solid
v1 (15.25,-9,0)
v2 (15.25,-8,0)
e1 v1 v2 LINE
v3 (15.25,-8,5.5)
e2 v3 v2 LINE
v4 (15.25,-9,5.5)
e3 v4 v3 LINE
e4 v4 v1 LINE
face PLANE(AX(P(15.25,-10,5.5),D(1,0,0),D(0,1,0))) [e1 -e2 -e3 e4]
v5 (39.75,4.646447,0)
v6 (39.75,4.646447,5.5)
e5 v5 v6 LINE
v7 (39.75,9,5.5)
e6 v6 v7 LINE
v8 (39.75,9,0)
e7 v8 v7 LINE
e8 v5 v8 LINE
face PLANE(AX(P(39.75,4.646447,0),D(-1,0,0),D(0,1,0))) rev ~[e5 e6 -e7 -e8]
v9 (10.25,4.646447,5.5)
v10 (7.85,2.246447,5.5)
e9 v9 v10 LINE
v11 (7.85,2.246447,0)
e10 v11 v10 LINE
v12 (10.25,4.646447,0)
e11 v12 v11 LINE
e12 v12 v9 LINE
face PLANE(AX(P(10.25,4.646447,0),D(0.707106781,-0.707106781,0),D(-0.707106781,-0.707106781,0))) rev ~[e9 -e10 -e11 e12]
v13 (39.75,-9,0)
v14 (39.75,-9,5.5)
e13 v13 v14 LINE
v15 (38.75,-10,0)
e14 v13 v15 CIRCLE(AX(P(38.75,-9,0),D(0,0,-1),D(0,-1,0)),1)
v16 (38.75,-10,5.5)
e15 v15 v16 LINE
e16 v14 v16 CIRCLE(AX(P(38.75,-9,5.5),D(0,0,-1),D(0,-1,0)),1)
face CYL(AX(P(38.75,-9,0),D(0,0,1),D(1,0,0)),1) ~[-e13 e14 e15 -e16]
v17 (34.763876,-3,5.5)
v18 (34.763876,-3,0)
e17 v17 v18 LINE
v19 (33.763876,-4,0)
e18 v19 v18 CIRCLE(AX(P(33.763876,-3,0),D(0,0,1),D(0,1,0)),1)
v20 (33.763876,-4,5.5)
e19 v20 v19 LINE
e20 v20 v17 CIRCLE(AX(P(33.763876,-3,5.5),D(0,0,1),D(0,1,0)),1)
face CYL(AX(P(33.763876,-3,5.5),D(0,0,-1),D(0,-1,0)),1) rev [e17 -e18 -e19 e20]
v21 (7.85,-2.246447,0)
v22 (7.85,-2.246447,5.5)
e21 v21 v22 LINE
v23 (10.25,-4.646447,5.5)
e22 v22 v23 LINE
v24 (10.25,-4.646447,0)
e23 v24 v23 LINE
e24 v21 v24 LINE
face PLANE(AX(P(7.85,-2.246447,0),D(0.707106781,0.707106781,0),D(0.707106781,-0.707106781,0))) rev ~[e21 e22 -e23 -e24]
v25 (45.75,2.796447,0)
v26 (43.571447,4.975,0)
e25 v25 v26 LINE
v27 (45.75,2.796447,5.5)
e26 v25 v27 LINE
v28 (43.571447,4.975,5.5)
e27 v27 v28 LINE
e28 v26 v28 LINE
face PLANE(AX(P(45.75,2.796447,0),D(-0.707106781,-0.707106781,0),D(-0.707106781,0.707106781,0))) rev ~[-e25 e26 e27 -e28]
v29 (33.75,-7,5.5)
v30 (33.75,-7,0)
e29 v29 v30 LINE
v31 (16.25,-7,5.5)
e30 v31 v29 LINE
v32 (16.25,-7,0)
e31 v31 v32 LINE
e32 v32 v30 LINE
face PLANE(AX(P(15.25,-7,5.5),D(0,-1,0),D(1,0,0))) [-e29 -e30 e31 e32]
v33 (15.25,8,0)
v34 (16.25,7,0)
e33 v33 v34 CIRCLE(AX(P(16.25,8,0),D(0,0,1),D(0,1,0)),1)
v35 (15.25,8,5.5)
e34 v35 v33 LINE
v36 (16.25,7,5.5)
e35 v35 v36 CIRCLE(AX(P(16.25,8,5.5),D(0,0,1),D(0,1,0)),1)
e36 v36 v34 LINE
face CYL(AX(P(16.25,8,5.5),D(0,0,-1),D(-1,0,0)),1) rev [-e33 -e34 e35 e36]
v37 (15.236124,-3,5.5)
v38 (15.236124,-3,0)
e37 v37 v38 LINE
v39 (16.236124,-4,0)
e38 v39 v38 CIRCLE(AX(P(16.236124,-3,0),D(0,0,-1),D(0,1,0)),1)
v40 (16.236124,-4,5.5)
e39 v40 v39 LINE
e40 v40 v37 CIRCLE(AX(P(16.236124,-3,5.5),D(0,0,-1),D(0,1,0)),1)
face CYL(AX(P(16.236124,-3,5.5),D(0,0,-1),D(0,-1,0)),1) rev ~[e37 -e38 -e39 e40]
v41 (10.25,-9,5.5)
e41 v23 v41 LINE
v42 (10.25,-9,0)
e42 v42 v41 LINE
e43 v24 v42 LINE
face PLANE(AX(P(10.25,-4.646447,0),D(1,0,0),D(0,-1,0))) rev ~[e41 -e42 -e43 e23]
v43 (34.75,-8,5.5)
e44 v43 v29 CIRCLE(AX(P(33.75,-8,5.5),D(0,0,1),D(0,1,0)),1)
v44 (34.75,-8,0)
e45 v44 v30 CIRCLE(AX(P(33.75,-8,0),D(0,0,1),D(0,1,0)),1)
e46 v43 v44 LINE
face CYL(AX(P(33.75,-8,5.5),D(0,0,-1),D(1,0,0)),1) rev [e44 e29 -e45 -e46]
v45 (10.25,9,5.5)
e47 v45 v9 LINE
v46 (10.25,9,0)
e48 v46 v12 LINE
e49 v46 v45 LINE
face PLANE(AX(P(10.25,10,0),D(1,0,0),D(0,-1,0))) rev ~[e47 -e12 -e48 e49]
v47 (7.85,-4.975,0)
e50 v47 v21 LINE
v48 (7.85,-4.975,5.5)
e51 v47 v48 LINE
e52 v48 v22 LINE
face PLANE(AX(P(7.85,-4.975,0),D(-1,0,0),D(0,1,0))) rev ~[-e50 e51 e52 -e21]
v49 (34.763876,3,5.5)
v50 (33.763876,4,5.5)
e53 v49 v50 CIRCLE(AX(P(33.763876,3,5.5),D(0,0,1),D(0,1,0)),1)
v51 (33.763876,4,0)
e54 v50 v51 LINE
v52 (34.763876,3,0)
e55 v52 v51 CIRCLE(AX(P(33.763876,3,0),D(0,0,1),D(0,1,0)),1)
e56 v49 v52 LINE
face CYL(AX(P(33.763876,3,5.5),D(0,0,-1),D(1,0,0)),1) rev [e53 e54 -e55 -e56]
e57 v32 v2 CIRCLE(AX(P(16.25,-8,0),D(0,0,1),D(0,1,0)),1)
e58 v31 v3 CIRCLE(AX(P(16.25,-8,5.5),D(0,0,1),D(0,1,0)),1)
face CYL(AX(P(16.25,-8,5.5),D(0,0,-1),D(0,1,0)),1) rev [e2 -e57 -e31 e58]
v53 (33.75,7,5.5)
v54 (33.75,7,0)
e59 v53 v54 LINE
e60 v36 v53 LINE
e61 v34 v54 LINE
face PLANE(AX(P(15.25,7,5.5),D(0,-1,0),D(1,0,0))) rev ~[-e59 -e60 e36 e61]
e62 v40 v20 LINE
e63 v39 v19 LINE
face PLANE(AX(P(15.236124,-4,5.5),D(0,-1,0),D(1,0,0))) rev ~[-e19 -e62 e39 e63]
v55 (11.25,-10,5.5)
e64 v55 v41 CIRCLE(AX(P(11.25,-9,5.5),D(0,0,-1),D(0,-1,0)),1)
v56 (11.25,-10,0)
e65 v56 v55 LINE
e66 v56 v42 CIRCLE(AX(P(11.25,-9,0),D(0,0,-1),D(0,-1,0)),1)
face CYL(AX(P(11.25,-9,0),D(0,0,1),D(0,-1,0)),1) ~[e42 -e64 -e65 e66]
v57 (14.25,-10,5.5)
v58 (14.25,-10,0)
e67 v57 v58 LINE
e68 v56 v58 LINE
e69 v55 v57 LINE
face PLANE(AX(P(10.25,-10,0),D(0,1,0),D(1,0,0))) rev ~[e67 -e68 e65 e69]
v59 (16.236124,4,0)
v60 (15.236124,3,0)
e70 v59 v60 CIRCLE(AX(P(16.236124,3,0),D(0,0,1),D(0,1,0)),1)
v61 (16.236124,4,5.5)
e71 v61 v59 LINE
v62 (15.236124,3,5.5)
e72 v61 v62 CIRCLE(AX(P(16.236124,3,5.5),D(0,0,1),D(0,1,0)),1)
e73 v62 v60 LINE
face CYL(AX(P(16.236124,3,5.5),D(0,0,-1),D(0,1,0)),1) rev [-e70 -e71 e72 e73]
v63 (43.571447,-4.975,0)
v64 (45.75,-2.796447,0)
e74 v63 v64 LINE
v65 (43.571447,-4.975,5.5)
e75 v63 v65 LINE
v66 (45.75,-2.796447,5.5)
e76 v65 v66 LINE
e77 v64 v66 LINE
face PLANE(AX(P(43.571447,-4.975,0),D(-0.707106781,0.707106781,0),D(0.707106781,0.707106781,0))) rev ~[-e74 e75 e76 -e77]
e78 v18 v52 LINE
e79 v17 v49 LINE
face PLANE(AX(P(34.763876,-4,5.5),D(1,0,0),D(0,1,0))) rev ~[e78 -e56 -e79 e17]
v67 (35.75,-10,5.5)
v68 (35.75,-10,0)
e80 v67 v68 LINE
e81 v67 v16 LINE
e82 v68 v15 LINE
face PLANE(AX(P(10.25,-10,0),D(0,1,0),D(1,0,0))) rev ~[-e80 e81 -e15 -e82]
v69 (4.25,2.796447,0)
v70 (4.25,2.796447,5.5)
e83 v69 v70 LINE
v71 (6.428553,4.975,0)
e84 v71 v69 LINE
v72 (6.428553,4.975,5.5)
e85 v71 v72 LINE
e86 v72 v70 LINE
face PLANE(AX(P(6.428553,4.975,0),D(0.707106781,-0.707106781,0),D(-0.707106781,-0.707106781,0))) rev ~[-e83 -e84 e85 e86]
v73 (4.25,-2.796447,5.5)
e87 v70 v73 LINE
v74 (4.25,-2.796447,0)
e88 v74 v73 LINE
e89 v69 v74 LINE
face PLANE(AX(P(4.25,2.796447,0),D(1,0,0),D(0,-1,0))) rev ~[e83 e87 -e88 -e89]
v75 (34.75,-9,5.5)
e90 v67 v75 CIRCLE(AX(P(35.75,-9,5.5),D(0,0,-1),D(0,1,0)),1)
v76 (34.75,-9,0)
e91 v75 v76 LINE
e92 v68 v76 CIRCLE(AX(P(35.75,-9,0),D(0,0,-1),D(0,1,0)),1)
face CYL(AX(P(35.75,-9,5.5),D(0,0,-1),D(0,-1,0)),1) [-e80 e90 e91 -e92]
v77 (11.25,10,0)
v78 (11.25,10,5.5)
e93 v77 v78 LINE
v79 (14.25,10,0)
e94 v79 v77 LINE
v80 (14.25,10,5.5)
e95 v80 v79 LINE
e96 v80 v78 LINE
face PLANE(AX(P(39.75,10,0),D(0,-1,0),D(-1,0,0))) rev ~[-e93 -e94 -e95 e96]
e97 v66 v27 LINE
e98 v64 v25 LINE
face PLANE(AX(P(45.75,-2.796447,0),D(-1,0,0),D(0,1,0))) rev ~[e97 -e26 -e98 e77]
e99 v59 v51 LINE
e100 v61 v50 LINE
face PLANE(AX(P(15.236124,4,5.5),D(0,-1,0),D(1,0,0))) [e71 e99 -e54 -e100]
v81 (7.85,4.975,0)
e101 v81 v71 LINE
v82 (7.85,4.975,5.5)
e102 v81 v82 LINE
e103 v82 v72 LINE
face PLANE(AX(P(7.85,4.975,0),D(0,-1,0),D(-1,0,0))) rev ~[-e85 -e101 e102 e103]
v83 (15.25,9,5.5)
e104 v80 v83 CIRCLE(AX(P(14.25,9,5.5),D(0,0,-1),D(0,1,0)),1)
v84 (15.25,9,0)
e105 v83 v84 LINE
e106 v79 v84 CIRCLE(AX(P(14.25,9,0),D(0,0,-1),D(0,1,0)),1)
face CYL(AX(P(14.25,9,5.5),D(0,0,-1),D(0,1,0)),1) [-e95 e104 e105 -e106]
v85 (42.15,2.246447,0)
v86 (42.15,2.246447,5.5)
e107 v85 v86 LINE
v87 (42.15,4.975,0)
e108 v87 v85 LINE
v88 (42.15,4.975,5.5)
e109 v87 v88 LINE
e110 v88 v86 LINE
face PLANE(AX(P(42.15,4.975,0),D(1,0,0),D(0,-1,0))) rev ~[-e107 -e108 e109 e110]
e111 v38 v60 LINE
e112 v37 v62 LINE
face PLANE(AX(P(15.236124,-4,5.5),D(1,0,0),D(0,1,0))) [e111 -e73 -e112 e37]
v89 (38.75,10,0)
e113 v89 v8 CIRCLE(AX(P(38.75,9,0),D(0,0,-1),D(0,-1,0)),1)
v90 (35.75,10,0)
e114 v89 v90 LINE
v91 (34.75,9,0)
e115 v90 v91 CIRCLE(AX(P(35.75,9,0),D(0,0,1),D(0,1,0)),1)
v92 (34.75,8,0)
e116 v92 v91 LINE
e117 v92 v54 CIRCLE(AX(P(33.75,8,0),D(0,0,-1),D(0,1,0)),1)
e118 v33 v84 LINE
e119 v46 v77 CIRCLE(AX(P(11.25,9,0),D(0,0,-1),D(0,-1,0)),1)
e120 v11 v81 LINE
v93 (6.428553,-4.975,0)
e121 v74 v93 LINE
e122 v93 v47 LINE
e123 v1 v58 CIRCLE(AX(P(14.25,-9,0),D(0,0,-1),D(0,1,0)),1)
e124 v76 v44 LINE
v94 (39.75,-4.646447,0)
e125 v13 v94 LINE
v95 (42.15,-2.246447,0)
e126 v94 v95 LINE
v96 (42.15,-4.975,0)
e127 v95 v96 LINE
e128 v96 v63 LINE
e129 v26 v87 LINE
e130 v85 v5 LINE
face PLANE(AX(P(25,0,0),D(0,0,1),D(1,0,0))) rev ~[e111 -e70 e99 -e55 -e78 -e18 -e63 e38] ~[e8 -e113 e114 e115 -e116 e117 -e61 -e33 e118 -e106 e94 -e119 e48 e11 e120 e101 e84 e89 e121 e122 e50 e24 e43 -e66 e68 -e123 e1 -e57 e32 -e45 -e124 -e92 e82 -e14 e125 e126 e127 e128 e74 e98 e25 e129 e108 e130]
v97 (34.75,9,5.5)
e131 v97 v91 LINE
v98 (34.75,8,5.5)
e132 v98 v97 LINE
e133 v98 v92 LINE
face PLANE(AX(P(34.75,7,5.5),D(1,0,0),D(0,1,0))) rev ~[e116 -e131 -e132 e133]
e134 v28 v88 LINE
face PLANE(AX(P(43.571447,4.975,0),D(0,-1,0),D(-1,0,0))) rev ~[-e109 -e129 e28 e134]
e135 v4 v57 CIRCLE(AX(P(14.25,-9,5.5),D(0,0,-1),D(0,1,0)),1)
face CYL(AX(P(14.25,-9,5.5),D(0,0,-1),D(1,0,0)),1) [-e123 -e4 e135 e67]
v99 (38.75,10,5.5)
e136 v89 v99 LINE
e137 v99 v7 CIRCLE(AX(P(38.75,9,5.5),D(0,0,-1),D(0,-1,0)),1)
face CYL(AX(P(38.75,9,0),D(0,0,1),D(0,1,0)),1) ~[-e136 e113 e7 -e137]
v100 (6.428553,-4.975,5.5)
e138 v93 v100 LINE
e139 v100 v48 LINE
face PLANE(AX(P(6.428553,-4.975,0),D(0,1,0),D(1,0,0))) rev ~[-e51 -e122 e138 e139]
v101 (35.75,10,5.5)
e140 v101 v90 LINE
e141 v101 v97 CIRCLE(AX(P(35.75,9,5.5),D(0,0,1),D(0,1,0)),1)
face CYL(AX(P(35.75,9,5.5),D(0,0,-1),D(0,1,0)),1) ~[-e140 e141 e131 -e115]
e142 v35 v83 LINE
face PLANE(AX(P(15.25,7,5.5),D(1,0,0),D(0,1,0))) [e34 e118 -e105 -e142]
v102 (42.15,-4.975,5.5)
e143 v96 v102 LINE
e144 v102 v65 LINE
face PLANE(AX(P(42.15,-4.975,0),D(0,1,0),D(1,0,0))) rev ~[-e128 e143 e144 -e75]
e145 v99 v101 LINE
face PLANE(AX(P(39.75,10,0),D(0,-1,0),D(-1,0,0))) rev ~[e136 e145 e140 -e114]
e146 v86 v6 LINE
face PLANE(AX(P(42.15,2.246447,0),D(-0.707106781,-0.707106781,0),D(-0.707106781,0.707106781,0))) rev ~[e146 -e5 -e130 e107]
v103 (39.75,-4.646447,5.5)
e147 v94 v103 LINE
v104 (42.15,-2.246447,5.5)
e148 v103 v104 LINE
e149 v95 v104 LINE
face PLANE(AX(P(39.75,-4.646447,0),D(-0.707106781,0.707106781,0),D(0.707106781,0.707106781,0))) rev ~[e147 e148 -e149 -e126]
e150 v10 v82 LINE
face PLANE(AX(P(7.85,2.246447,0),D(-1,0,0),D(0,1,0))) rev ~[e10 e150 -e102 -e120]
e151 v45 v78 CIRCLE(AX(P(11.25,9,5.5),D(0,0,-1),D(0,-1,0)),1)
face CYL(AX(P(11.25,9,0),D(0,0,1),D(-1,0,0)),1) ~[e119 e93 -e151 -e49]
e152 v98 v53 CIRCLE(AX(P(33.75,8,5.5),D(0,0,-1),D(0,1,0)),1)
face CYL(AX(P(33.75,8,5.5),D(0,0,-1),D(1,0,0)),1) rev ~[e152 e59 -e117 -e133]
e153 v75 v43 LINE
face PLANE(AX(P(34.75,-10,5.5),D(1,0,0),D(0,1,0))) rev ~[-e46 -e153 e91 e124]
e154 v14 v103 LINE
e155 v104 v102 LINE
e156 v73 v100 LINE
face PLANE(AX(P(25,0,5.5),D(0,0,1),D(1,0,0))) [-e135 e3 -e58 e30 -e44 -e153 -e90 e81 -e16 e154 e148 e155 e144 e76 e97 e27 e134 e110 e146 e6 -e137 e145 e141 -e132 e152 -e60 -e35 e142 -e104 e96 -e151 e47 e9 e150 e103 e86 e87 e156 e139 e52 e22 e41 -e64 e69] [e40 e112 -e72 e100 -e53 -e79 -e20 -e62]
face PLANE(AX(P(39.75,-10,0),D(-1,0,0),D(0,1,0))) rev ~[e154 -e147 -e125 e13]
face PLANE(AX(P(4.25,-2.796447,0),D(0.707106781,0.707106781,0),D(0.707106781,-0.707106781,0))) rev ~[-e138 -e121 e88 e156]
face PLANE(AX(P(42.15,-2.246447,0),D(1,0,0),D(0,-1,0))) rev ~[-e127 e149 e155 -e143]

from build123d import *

# Parameters (mm, degrees)
BOSS_EXTRUDE1_DEPTH = 5.5
SKETCH3_W           = 19.5
SKETCH3_H           = 3
SKETCH3_W_2         = 19.527752912
SKETCH3_H_2         = 8
CUT_EXTRUDE1_DEPTH  = 48.152014803
FILLET1_R           = 1


with BuildPart() as part:
    # Sketch1 → Boss-Extrude1 (new body)
    with BuildSketch(Plane.XY):
        Polygon((39.75, 10), (10.25, 10), (10.25, 8.5), (10.25, 4.646446609), (7.85, 2.246446609), (7.85, 4.975), (6.428553391, 4.975), (4.25, 2.796446609), (4.25, -2.796446609), (6.428553391, -4.975), (7.85, -4.975), (7.85, -2.246446609), (10.25, -4.646446609), (10.25, -8.5), (10.25, -10), (39.75, -10), (39.75, -8.5), (39.75, -4.646446609), (42.15, -2.246446609), (42.15, -4.975), (43.571446609, -4.975), (45.75, -2.796446609), (45.75, 2.796446609), (43.571446609, 4.975), (42.15, 4.975), (42.15, 2.246446609), (39.75, 4.646446609), (39.75, 8.5), align=None)
    extrude(amount=BOSS_EXTRUDE1_DEPTH)

    # Sketch3 → Cut-Extrude1 (cut, through all)
    with BuildSketch(Plane.XY.offset(5.5)):
        with Locations((25, 8.5)):
            Rectangle(SKETCH3_W, SKETCH3_H)
        with Locations((25, -8.5)):
            Rectangle(SKETCH3_W, SKETCH3_H)
        with Locations((25, 0)):
            Rectangle(SKETCH3_W_2, SKETCH3_H_2)
    extrude(amount=-CUT_EXTRUDE1_DEPTH, mode=Mode.SUBTRACT)

    # Fillet1
    fillet1_edges = [part.edges().sort_by_distance(p)[0] for p in [
        (15.25, -10, 2.75),
        (15.25, -7, 2.75),
        (34.75, -7, 2.75),
        (34.75, -10, 2.75),
        (15.236123544, -4, 2.75),
        (15.236123544, 4, 2.75),
        (34.763876456, 4, 2.75),
        (34.763876456, -4, 2.75),
        (10.25, 10, 2.75),
        (39.75, 10, 2.75),
        (39.75, -10, 2.75),
        (10.25, -10, 2.75),
        (15.25, 7, 2.75),
        (15.25, 10, 2.75),
        (34.75, 10, 2.75),
        (34.75, 7, 2.75),
    ]]
    fillet(fillet1_edges, radius=FILLET1_R)


solid = part.part
